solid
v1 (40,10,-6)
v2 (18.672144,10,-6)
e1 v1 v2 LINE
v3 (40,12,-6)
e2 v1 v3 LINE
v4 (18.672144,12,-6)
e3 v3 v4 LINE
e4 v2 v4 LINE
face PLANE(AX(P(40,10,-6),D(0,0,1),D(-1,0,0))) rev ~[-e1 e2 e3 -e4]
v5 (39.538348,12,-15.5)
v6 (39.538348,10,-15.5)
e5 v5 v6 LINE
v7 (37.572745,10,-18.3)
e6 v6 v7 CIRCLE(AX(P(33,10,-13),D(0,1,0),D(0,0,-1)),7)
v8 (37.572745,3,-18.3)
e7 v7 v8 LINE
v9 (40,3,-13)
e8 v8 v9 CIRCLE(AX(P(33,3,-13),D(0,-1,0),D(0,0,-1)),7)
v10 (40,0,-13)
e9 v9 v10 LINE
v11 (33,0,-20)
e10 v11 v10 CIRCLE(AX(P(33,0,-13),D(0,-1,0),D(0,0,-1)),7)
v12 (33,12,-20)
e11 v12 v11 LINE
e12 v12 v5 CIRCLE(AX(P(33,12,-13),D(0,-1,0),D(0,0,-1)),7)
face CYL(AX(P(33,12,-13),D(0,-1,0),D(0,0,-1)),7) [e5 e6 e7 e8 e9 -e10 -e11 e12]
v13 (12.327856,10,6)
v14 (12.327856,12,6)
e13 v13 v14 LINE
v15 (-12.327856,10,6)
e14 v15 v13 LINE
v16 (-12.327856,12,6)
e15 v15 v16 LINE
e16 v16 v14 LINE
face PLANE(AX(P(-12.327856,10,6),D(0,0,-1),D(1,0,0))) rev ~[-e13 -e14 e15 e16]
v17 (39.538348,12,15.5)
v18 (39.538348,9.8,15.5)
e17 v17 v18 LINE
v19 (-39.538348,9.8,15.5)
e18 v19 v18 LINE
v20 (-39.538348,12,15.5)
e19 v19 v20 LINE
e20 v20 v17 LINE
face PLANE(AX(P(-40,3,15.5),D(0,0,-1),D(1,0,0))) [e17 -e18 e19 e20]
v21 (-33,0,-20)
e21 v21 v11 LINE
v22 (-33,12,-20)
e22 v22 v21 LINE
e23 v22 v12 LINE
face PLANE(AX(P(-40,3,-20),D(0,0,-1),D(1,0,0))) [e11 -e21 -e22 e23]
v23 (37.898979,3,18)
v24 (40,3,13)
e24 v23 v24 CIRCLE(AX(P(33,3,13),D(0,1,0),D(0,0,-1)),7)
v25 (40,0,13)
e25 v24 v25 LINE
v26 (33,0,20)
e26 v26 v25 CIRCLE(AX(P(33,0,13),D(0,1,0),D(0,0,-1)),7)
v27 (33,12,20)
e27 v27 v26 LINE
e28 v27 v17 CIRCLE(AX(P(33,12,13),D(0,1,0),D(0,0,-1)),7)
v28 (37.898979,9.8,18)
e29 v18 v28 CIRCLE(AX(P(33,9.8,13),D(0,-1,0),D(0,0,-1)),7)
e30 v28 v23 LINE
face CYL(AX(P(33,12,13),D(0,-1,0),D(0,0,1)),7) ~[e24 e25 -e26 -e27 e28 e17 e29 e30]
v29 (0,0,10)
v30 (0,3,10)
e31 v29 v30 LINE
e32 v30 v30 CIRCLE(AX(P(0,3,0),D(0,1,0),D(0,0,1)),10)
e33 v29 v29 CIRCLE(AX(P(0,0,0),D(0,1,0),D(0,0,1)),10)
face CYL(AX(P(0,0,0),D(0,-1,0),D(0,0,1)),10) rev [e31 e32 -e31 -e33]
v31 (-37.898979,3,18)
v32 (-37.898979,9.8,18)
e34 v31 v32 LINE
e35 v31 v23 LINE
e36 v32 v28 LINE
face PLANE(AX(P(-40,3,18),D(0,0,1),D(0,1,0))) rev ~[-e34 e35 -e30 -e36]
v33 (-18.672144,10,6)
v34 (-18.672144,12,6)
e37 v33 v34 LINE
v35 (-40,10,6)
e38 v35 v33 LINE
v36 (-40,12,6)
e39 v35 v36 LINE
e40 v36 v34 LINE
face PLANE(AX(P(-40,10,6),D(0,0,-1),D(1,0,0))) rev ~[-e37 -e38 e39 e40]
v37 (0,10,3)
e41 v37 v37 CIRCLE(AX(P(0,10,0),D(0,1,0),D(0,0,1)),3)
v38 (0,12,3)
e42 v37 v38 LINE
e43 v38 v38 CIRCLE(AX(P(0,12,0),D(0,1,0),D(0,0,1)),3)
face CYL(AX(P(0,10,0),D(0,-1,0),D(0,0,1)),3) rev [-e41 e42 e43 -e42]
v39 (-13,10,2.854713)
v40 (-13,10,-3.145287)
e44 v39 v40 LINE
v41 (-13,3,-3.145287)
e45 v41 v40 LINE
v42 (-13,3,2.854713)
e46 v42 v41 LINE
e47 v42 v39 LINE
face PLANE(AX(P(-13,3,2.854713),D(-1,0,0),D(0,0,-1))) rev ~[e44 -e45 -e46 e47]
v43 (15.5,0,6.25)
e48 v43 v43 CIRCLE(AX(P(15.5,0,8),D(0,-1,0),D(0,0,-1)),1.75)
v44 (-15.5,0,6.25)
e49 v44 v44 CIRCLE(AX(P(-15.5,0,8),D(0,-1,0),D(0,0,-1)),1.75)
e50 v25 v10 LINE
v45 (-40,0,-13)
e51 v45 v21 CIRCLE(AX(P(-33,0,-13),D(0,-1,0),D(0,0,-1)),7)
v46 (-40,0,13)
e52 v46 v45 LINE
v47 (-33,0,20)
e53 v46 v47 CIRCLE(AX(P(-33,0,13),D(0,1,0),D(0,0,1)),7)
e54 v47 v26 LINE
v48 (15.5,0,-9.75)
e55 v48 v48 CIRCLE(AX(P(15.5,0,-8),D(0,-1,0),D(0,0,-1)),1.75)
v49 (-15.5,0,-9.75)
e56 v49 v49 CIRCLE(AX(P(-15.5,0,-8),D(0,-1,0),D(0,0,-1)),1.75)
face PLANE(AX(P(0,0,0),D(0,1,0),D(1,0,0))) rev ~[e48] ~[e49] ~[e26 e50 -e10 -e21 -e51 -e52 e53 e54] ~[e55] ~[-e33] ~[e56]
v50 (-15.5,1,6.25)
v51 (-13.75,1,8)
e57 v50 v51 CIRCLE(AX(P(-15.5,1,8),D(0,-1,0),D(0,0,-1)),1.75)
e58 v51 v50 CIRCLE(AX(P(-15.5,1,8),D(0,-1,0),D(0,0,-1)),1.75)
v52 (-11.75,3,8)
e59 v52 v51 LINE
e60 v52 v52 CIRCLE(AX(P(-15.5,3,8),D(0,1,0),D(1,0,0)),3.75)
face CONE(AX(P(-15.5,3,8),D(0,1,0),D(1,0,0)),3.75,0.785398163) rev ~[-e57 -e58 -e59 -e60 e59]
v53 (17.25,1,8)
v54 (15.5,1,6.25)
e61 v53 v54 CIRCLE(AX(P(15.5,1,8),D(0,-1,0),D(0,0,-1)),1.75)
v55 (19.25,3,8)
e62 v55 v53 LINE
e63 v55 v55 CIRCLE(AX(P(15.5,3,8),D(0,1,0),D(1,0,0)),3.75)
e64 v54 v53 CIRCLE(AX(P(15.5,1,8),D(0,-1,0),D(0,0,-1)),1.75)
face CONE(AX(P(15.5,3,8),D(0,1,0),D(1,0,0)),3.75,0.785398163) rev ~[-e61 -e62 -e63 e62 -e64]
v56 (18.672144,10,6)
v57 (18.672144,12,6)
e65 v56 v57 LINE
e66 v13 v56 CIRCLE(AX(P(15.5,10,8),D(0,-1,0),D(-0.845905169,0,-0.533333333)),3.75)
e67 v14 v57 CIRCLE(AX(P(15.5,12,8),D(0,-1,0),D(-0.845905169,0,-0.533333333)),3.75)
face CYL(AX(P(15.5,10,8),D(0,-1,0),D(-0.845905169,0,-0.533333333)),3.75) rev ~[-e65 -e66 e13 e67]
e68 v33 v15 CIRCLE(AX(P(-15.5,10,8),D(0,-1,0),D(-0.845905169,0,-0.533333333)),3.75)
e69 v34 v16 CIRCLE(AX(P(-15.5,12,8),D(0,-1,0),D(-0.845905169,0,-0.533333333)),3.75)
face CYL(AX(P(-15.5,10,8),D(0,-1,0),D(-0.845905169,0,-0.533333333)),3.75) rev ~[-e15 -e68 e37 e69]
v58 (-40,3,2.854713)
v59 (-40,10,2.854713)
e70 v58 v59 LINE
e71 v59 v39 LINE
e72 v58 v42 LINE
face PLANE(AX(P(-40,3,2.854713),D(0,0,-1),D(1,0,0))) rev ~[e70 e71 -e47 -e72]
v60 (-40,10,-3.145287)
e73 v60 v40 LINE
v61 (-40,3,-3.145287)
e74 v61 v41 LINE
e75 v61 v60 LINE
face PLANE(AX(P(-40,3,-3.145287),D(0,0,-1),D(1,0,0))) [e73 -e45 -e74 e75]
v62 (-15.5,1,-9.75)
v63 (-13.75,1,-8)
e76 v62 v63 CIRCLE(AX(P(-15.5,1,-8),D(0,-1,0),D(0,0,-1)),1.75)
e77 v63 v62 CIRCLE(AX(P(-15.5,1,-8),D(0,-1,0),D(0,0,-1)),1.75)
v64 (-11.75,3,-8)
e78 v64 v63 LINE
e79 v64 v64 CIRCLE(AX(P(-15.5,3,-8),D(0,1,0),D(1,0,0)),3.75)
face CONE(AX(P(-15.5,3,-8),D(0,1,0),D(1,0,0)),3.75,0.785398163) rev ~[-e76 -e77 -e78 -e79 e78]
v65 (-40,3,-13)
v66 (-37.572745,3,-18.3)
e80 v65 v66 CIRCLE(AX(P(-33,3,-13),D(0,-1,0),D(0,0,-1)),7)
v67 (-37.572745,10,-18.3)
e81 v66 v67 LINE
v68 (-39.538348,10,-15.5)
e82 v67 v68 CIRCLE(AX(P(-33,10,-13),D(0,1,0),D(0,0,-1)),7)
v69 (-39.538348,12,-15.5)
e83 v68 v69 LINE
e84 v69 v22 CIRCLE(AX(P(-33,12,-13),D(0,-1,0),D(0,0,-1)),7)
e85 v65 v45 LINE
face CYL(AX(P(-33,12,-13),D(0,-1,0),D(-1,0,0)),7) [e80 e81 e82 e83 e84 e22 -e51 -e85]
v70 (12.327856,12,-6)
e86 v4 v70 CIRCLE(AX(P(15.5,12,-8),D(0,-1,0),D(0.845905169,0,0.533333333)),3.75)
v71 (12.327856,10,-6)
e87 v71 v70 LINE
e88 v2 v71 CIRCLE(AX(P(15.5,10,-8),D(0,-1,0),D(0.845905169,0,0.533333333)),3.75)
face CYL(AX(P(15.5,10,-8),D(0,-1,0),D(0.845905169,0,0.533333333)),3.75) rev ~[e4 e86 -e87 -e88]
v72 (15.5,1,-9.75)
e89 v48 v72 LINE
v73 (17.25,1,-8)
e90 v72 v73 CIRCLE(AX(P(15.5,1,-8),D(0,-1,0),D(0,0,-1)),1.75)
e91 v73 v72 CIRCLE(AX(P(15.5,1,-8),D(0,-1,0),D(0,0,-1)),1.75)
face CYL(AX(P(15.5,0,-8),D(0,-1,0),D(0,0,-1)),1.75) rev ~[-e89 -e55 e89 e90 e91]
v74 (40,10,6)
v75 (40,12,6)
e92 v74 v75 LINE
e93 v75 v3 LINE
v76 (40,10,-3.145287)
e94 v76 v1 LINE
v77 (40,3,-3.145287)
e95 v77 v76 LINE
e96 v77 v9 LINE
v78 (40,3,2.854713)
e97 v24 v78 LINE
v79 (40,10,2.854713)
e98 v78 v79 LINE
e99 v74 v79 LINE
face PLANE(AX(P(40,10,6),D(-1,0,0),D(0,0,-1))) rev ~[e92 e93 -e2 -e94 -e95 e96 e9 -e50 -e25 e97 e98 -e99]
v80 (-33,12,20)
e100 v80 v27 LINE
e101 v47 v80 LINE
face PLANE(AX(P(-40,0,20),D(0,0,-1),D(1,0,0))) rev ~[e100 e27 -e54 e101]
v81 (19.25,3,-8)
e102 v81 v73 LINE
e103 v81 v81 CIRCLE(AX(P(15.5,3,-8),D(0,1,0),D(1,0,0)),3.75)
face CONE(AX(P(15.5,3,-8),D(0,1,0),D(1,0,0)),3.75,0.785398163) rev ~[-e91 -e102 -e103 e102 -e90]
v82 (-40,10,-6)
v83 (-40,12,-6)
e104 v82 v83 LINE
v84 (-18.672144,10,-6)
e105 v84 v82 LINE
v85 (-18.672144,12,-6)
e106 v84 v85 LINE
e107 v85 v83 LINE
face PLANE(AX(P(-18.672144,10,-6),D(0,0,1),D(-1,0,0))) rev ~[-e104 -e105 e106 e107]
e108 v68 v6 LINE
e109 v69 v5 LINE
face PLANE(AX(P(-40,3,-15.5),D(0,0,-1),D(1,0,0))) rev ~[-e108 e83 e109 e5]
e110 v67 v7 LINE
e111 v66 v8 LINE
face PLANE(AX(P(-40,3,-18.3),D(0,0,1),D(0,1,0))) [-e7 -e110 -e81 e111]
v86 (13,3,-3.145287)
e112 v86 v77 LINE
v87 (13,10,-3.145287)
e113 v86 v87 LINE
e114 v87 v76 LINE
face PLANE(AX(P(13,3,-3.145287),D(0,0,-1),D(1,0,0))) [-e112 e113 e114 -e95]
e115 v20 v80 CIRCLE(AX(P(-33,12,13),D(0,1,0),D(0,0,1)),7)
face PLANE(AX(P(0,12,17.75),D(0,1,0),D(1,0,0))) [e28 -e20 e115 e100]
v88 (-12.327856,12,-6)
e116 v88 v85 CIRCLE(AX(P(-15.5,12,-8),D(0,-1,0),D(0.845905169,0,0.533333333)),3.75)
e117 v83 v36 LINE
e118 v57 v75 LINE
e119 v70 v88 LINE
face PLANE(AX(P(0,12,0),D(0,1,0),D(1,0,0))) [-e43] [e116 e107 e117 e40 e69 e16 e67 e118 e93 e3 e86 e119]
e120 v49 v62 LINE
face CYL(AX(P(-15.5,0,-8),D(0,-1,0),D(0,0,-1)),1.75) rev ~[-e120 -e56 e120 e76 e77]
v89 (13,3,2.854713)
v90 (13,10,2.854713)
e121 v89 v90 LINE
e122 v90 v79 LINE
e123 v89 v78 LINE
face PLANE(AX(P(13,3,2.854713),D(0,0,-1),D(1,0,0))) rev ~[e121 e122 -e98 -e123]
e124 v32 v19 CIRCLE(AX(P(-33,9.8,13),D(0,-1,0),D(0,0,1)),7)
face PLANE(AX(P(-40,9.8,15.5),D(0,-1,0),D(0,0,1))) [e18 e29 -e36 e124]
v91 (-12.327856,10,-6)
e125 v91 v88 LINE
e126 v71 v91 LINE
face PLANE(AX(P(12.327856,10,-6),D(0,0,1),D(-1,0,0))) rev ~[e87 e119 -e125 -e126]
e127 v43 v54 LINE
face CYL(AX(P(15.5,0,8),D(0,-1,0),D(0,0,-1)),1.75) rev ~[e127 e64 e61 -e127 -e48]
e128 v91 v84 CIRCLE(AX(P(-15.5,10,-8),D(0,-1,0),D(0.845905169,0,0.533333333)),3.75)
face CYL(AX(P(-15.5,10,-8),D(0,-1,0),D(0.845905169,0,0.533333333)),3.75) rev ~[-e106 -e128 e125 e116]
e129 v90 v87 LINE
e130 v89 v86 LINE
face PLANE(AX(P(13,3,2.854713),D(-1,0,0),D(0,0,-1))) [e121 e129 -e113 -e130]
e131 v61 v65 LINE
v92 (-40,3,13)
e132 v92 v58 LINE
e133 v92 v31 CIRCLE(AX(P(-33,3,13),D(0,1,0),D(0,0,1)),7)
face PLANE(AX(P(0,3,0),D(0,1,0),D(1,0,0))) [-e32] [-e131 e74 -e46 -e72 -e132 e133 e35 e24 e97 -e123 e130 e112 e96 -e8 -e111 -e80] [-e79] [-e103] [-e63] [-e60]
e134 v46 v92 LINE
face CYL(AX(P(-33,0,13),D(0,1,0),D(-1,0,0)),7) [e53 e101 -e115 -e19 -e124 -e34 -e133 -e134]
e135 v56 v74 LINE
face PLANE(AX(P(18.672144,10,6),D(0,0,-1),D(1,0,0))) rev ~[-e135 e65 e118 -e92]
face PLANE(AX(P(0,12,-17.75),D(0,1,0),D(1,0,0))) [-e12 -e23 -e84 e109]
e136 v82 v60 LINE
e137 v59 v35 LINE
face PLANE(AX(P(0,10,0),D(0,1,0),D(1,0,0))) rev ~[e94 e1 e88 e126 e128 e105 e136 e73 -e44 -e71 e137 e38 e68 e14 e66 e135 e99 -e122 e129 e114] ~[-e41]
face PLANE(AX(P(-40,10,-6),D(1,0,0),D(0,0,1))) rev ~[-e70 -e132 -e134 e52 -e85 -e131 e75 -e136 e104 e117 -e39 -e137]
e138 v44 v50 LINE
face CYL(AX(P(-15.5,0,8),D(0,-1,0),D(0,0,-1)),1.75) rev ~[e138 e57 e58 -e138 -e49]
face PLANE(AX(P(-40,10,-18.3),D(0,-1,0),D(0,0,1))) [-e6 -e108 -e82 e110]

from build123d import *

# Parameters (mm, degrees)
SKETCH1_W                    = 80
SKETCH1_H                    = 40
SKETCH1_R                    = 10
BOSS_EXTRUDE1_DEPTH          = 3
SKETCH2_W                    = 80
SKETCH2_H                    = 4.5
BOSS_EXTRUDE2_DEPTH          = 9
SKETCH3_W                    = 2.8
SKETCH3_H                    = 7
SKETCH3_W_2                  = 2.5
SKETCH3_H_2                  = 6.8
CUT_EXTRUDE1_DEPTH           = 80
SKETCH5_R                    = 1.75
CUT_EXTRUDE3_DEPTH           = 1
SKETCH4_R                    = 3.75
CUT_EXTRUDE4_DEPTH           = 2
CUT_EXTRUDE4_DRAFT           = -45
CUT_EXTRUDE4_PROFILE_2_DEPTH = 2
CUT_EXTRUDE4_PROFILE_2_DRAFT = -45
CUT_EXTRUDE4_PROFILE_3_DEPTH = 2
CUT_EXTRUDE4_PROFILE_3_DRAFT = -45
CUT_EXTRUDE4_PROFILE_4_DEPTH = 2
CUT_EXTRUDE4_PROFILE_4_DRAFT = -45
FILLET1_R                    = 7
SKETCH6_W                    = 27
SKETCH6_H                    = 6
BOSS_EXTRUDE3_DEPTH          = 7
SKETCH7_R                    = 3
BOSS_EXTRUDE4_DEPTH          = 2


with BuildPart() as part:
    # Sketch1 → Boss-Extrude1 (new body)
    with BuildSketch(Plane(origin=(0, 0, 0), x_dir=(1, 0, 0), z_dir=(0, 1, 0))):
        Rectangle(SKETCH1_W, SKETCH1_H)
        with Locations(Location((0, 0, 0), (0, 0, 270))):
            Circle(SKETCH1_R, mode=Mode.SUBTRACT)
    extrude(amount=BOSS_EXTRUDE1_DEPTH)

    # Sketch2 → Boss-Extrude2 (add)
    with BuildSketch(Plane(origin=(0, 3, 0), x_dir=(1, 0, 0), z_dir=(0, 1, 0))):
        with Locations((0, 17.75)):
            Rectangle(SKETCH2_W, SKETCH2_H)
        with Locations((0, -17.75)):
            Rectangle(SKETCH2_W, SKETCH2_H)
    extrude(amount=BOSS_EXTRUDE2_DEPTH)

    # Sketch3 → Cut-Extrude1 (cut)
    with BuildSketch(Plane.ZY.offset(40)):
        with Locations((-16.9, 6.5)):
            Rectangle(SKETCH3_W, SKETCH3_H)
        with Locations((16.75, 6.4)):
            Rectangle(SKETCH3_W_2, SKETCH3_H_2)
    extrude(amount=-CUT_EXTRUDE1_DEPTH, mode=Mode.SUBTRACT)

    # Sketch5 → Cut-Extrude3 (cut)
    with BuildSketch(Plane.XZ):
        with Locations(Location((-15.5, 8, 0), (0, 0, 270))):
            Circle(SKETCH5_R)
        with Locations(Location((-15.5, -8, 0), (0, 0, 270))):
            Circle(SKETCH5_R)
        with Locations(Location((15.5, 8, 0), (0, 0, 270))):
            Circle(SKETCH5_R)
        with Locations(Location((15.5, -8, 0), (0, 0, 270))):
            Circle(SKETCH5_R)
    extrude(amount=-CUT_EXTRUDE3_DEPTH, mode=Mode.SUBTRACT)


with BuildPart() as cut_extrude4_tool:
    # Sketch4 → Cut-Extrude4 (with draft: the straight prism first)
    with BuildSketch(Plane(origin=(0, 3, 0), x_dir=(1, 0, 0), z_dir=(0, 1, 0))):
        with Locations((-15.5, 8)):
            Circle(SKETCH4_R)
    extrude(amount=-CUT_EXTRUDE4_DEPTH)
    # Cut-Extrude4: the draft: its side faces are tilted about the plane it starts from
    cut_extrude4_sides = [cut_extrude4_tool.faces().sort_by_distance(p)[0] for p in [
        (-19.25, 2, -8),
    ]]
    draft(cut_extrude4_sides, Plane(origin=(0, 3, 0), x_dir=(1, 0, 0), z_dir=(0, 1, 0)), CUT_EXTRUDE4_DRAFT)


with BuildPart() as part_1:
    add(part.part)

    # Cut-Extrude4: cut by cut_extrude4_tool
    add(cut_extrude4_tool.part, mode=Mode.SUBTRACT)


with BuildPart() as cut_extrude4_profile_2_tool:
    # Sketch4 → Cut-Extrude4 profile 2 (with draft: the straight prism first)
    with BuildSketch(Plane(origin=(0, 3, 0), x_dir=(1, 0, 0), z_dir=(0, 1, 0))):
        with Locations((-15.5, -8)):
            Circle(SKETCH4_R)
    extrude(amount=-CUT_EXTRUDE4_PROFILE_2_DEPTH)
    # Cut-Extrude4 profile 2: the draft: its side faces are tilted about the plane it starts from
    cut_extrude4_profile_2_sides = [cut_extrude4_profile_2_tool.faces().sort_by_distance(p)[0] for p in [
        (-19.25, 2, 8),
    ]]
    draft(cut_extrude4_profile_2_sides, Plane(origin=(0, 3, 0), x_dir=(1, 0, 0), z_dir=(0, 1, 0)), CUT_EXTRUDE4_PROFILE_2_DRAFT)


with BuildPart() as part_2:
    add(part_1.part)

    # Cut-Extrude4 profile 2: cut by cut_extrude4_profile_2_tool
    add(cut_extrude4_profile_2_tool.part, mode=Mode.SUBTRACT)


with BuildPart() as cut_extrude4_profile_3_tool:
    # Sketch4 → Cut-Extrude4 profile 3 (with draft: the straight prism first)
    with BuildSketch(Plane(origin=(0, 3, 0), x_dir=(1, 0, 0), z_dir=(0, 1, 0))):
        with Locations((15.5, -8)):
            Circle(SKETCH4_R)
    extrude(amount=-CUT_EXTRUDE4_PROFILE_3_DEPTH)
    # Cut-Extrude4 profile 3: the draft: its side faces are tilted about the plane it starts from
    cut_extrude4_profile_3_sides = [cut_extrude4_profile_3_tool.faces().sort_by_distance(p)[0] for p in [
        (11.75, 2, 8),
    ]]
    draft(cut_extrude4_profile_3_sides, Plane(origin=(0, 3, 0), x_dir=(1, 0, 0), z_dir=(0, 1, 0)), CUT_EXTRUDE4_PROFILE_3_DRAFT)


with BuildPart() as part_3:
    add(part_2.part)

    # Cut-Extrude4 profile 3: cut by cut_extrude4_profile_3_tool
    add(cut_extrude4_profile_3_tool.part, mode=Mode.SUBTRACT)


with BuildPart() as cut_extrude4_profile_4_tool:
    # Sketch4 → Cut-Extrude4 profile 4 (with draft: the straight prism first)
    with BuildSketch(Plane(origin=(0, 3, 0), x_dir=(1, 0, 0), z_dir=(0, 1, 0))):
        with Locations((15.5, 8)):
            Circle(SKETCH4_R)
    extrude(amount=-CUT_EXTRUDE4_PROFILE_4_DEPTH)
    # Cut-Extrude4 profile 4: the draft: its side faces are tilted about the plane it starts from
    cut_extrude4_profile_4_sides = [cut_extrude4_profile_4_tool.faces().sort_by_distance(p)[0] for p in [
        (11.75, 2, -8),
    ]]
    draft(cut_extrude4_profile_4_sides, Plane(origin=(0, 3, 0), x_dir=(1, 0, 0), z_dir=(0, 1, 0)), CUT_EXTRUDE4_PROFILE_4_DRAFT)


with BuildPart() as part_4:
    add(part_3.part)

    # Cut-Extrude4 profile 4: cut by cut_extrude4_profile_4_tool
    add(cut_extrude4_profile_4_tool.part, mode=Mode.SUBTRACT)

    # Fillet1
    fillet1_edges = [part_4.edges().sort_by_distance(p)[0] for p in [
        (40, 6, 20),
        (40, 6, -20),
        (-40, 6, 20),
        (-40, 6, -20),
    ]]
    fillet(fillet1_edges, radius=FILLET1_R)

    # Sketch6 → Boss-Extrude3 (add)
    with BuildSketch(Plane(origin=(0, 3, 0), x_dir=(1, 0, 0), z_dir=(0, 1, 0))):
        with Locations((-26.5, 0.145287111)):
            Rectangle(SKETCH6_W, SKETCH6_H)
        with Locations((26.5, 0.145287111)):
            Rectangle(SKETCH6_W, SKETCH6_H)
    extrude(amount=BOSS_EXTRUDE3_DEPTH)

    # Sketch7 → Boss-Extrude4 (add)
    with BuildSketch(Plane(origin=(0, 10, 0), x_dir=(1, 0, 0), z_dir=(0, 1, 0))):
        with BuildLine():
            Line((40, 6), (18.672144385, 6))
            ThreePointArc((18.672144385, 6), (15.5, 4.25), (12.327855615, 6))
            Line((12.327855615, 6), (-12.327855615, 6))
            ThreePointArc((-12.327855615, 6), (-15.5, 4.25), (-18.672144385, 6))
            Line((-18.672144385, 6), (-40, 6))
            Line((-40, 6), (-40, -6))
            Line((-40, -6), (-18.672144385, -6))
            ThreePointArc((-18.672144385, -6), (-15.5, -4.25), (-12.327855615, -6))
            Line((-12.327855615, -6), (12.327855615, -6))
            ThreePointArc((12.327855615, -6), (15.5, -4.25), (18.672144385, -6))
            Line((18.672144385, -6), (40, -6))
            Line((40, -6), (40, 6))
        make_face()
        with Locations(Location((0, 0, 0), (0, 0, 270))):
            Circle(SKETCH7_R, mode=Mode.SUBTRACT)
    extrude(amount=BOSS_EXTRUDE4_DEPTH)


solid = part_4.part
